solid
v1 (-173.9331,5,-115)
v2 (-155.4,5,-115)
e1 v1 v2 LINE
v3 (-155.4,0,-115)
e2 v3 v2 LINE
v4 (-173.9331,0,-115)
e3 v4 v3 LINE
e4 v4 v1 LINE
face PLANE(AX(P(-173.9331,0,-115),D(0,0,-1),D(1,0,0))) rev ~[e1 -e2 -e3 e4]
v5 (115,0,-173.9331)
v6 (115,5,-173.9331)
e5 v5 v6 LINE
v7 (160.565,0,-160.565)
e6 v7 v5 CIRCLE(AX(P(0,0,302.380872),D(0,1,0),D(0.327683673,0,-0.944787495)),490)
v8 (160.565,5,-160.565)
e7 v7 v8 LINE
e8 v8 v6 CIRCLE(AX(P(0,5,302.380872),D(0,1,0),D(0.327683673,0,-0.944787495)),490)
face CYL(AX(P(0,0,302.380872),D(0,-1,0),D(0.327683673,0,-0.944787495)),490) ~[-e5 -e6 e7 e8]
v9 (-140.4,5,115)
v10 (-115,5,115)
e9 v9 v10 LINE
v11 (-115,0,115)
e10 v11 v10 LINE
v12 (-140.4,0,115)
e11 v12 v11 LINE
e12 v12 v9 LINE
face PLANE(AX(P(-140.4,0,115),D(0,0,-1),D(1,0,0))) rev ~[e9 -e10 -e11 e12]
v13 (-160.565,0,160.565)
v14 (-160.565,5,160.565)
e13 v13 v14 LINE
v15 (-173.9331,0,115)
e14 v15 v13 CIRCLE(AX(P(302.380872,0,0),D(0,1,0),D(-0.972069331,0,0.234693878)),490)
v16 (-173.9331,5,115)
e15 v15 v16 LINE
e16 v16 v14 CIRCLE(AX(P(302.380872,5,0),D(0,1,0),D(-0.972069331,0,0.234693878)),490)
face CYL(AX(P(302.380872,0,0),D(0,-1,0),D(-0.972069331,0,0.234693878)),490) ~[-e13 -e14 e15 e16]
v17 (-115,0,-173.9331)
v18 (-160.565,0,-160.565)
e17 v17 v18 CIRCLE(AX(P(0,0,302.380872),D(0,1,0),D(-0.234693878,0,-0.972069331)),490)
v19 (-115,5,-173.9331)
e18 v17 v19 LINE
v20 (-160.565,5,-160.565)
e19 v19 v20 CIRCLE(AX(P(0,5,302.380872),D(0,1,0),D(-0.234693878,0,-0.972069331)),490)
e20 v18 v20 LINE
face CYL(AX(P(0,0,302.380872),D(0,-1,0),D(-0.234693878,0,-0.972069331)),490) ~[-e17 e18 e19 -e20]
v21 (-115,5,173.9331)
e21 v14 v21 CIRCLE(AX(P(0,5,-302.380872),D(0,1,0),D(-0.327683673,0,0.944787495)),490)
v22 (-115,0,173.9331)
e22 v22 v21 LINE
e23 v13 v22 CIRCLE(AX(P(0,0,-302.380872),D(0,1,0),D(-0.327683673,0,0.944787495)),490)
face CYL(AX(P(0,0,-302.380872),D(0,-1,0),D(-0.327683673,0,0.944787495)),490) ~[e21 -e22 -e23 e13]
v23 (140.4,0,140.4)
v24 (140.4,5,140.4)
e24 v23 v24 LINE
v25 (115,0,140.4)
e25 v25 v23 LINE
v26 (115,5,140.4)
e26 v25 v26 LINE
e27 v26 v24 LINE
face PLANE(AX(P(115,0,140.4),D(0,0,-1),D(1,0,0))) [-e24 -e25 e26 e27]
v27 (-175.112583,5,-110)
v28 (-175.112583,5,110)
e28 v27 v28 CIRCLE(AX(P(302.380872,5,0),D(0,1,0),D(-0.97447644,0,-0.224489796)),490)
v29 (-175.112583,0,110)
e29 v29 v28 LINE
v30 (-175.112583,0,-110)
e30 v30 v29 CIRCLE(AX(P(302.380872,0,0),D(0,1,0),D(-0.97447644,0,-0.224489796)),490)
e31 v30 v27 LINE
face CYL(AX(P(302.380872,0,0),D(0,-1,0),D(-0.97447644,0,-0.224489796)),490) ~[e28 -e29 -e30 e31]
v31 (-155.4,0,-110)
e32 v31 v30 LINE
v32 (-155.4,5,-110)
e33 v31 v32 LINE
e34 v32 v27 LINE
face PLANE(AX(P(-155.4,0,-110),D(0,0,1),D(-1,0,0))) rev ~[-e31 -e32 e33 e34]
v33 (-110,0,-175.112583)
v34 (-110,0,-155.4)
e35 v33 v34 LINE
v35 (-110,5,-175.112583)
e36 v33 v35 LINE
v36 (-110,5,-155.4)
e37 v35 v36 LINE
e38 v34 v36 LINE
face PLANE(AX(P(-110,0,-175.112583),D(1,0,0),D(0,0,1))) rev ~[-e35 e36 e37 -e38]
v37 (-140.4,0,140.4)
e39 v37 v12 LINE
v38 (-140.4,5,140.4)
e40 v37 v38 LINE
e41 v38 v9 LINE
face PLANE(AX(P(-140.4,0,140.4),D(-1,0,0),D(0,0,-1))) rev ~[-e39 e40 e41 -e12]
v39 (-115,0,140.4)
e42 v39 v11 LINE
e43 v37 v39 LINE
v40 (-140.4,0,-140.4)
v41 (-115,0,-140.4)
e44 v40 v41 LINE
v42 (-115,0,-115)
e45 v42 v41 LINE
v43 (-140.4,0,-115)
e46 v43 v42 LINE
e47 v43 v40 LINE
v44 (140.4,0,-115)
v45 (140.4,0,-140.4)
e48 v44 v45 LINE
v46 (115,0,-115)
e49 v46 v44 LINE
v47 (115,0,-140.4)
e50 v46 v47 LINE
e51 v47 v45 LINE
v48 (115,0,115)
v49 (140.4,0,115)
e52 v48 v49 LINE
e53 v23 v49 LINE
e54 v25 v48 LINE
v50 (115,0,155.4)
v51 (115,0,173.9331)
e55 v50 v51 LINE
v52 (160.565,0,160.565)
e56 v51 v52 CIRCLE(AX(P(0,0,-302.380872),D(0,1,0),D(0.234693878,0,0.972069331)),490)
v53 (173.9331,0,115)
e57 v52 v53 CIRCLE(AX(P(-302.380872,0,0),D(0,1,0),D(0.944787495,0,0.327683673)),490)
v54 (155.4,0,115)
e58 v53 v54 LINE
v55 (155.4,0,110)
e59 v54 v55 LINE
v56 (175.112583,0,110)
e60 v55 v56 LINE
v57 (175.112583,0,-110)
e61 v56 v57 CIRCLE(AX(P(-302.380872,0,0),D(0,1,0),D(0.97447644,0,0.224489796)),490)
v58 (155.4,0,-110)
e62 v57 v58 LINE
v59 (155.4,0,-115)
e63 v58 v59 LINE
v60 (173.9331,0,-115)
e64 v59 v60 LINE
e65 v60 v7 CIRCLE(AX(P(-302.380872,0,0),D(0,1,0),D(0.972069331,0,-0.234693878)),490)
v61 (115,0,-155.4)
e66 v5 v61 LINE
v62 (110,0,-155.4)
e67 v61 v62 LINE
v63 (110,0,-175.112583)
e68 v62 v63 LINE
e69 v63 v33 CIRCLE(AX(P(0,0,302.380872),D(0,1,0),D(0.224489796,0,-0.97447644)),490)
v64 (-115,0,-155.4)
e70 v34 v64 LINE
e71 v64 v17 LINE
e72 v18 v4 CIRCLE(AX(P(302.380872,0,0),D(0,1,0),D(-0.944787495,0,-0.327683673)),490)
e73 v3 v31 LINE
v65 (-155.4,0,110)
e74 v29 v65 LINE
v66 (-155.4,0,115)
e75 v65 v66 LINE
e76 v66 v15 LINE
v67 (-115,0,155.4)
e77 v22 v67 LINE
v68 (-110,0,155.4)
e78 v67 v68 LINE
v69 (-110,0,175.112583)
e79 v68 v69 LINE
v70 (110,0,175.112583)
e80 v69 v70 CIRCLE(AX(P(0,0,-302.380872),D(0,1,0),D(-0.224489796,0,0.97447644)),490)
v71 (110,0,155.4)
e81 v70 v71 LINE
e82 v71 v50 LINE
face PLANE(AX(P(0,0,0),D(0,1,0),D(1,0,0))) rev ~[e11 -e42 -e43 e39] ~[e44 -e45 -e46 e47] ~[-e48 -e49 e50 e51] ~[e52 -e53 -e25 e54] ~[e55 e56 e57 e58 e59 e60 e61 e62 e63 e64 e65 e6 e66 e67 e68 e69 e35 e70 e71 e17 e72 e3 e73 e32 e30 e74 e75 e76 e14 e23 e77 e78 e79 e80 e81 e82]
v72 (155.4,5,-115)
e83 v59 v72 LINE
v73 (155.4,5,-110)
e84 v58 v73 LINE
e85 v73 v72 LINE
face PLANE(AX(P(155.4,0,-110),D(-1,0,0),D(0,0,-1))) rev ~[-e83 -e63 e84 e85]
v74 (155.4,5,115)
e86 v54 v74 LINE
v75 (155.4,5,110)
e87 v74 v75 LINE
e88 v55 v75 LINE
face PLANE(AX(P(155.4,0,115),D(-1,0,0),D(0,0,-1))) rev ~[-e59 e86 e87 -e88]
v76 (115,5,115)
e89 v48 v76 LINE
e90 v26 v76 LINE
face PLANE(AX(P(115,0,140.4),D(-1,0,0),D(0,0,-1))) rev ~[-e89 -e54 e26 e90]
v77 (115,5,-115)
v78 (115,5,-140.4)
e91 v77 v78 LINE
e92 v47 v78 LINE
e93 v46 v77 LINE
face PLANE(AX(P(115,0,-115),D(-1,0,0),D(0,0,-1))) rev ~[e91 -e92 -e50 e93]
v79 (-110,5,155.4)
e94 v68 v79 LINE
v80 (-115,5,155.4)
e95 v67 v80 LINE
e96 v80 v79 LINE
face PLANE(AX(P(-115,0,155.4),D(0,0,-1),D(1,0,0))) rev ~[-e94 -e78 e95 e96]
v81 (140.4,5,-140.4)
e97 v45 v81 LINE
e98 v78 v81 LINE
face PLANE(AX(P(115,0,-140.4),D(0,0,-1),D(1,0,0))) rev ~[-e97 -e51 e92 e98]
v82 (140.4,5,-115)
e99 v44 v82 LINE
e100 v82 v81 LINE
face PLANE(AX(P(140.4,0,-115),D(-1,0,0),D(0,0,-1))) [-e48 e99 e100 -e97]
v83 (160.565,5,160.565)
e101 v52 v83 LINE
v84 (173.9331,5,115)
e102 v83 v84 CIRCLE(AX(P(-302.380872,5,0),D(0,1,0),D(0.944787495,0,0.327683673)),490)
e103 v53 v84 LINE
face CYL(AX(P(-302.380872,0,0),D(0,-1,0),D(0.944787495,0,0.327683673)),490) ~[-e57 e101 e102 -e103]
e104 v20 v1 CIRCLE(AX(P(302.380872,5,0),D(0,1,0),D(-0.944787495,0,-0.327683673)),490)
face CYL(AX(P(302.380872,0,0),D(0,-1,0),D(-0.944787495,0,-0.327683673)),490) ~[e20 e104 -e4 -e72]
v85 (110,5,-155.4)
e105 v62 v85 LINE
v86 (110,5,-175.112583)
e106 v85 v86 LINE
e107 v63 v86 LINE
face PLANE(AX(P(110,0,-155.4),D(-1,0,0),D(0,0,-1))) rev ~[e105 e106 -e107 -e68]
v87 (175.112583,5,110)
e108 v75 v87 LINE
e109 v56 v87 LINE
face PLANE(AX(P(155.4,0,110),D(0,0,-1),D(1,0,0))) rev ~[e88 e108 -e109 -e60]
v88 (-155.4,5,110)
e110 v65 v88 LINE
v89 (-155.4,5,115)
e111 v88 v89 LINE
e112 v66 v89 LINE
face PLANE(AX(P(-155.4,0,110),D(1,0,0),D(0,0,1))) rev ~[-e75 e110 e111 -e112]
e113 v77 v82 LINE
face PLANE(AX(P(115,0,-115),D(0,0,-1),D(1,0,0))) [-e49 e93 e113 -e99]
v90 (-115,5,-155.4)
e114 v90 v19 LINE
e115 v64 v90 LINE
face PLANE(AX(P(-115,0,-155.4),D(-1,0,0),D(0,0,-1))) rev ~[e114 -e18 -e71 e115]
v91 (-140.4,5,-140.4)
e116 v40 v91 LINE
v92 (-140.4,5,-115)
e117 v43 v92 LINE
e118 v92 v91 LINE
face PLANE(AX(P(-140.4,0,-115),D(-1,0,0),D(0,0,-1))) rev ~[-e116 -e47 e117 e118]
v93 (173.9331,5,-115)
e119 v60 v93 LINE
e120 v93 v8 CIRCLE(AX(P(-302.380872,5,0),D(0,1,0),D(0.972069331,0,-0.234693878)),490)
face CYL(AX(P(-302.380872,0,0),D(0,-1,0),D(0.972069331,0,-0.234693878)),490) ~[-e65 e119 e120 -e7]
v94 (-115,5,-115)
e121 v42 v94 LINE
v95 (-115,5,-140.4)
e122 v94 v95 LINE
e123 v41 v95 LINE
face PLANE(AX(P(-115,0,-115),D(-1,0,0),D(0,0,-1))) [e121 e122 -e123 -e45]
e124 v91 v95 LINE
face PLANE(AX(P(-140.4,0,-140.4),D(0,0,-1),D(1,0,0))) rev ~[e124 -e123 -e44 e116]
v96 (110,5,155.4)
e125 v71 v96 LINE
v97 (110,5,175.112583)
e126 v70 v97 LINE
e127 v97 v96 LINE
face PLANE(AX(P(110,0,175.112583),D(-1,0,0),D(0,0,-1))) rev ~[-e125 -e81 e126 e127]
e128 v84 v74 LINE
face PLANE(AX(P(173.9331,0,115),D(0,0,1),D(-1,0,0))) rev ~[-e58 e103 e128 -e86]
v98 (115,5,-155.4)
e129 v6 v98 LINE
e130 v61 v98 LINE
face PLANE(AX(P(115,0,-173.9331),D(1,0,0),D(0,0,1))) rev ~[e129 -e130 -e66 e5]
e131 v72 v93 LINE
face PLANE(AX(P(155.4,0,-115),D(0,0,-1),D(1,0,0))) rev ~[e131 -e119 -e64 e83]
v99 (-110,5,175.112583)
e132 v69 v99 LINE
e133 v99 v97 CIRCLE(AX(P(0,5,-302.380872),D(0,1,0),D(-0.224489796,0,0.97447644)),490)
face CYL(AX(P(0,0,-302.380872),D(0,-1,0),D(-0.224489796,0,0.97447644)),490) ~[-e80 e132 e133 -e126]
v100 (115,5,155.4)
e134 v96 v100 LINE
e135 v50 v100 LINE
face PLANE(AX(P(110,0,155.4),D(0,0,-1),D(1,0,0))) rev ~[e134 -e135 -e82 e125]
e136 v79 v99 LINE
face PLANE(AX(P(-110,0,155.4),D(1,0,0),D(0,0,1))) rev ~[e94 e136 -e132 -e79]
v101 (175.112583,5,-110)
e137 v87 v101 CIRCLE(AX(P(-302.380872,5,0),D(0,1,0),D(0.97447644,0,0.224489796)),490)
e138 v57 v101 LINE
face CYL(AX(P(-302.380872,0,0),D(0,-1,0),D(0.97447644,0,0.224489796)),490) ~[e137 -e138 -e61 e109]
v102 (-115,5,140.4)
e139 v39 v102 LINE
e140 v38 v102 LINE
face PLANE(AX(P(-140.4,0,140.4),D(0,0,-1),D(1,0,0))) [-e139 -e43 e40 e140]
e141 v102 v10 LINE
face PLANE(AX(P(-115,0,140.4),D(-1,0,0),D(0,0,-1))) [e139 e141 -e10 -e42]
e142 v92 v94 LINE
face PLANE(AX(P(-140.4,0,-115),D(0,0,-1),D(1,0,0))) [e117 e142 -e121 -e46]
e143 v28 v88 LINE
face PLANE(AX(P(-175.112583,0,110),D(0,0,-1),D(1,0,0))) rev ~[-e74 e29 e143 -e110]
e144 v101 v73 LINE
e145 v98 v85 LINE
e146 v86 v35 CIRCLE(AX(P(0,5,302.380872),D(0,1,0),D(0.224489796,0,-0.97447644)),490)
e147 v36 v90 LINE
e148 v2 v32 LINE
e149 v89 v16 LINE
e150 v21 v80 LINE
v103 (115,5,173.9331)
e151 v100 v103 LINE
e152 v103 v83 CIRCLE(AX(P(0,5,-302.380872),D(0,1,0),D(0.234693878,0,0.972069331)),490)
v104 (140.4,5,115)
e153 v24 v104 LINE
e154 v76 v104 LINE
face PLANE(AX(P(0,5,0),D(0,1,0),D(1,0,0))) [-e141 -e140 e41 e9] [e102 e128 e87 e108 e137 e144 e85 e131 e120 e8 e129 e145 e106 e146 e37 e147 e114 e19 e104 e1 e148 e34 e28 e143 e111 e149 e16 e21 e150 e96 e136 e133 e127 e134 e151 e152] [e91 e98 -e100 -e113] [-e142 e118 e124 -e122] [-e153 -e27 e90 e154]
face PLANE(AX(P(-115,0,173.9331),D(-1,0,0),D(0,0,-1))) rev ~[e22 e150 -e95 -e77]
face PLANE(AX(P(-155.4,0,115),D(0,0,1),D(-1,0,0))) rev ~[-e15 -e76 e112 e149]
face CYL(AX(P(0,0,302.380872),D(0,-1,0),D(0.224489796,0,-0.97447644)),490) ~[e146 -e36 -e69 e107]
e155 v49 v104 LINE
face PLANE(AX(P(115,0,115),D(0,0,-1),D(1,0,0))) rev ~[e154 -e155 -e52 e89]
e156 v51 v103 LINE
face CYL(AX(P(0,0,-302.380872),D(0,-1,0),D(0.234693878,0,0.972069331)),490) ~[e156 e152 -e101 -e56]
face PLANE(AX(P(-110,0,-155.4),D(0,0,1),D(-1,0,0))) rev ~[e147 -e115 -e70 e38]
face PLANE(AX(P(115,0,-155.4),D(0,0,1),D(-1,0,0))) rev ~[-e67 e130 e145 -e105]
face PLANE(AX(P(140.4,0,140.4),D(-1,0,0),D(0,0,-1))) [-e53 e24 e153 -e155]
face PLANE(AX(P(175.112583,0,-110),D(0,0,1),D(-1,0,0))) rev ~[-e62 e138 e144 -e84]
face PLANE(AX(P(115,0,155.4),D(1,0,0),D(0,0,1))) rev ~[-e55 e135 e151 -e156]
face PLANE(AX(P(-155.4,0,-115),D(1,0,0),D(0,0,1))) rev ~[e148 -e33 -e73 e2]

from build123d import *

# Parameters (mm, degrees)
SKETCH1_W           = 25.4
SKETCH1_H           = 25.4
BOSS_EXTRUDE1_DEPTH = 5


with BuildPart() as part:
    # Sketch1 → Boss-Extrude1 (new body)
    with BuildSketch(Plane(origin=(0, 0, 0), x_dir=(1, 0, 0), z_dir=(0, 1, 0))):
        with BuildLine():
            Line((110, 155.4), (110, 175.11258305))
            ThreePointArc((110, 175.11258305), (0, 187.619127597), (-110, 175.11258305))
            Line((-110, 175.11258305), (-110, 155.4))
            Line((-110, 155.4), (-115, 155.4))
            Line((-115, 155.4), (-115, 173.933099678))
            ThreePointArc((-115, 173.933099678), (-137.944531709, 167.801332887), (-160.565, 160.565))
            ThreePointArc((-160.565, 160.565), (-167.801332887, 137.944531709), (-173.933099678, 115))
            Line((-173.933099678, 115), (-155.4, 115))
            Line((-155.4, 115), (-155.4, 110))
            Line((-155.4, 110), (-175.11258305, 110))
            ThreePointArc((-175.11258305, 110), (-187.619127597, 0), (-175.11258305, -110))
            Line((-175.11258305, -110), (-155.4, -110))
            Line((-155.4, -110), (-155.4, -115))
            Line((-155.4, -115), (-173.933099678, -115))
            ThreePointArc((-173.933099678, -115), (-167.801332887, -137.944531709), (-160.565, -160.565))
            ThreePointArc((-160.565, -160.565), (-137.944531709, -167.801332887), (-115, -173.933099678))
            Line((-115, -173.933099678), (-115, -155.4))
            Line((-115, -155.4), (-110, -155.4))
            Line((-110, -155.4), (-110, -175.11258305))
            ThreePointArc((-110, -175.11258305), (0, -187.619127597), (110, -175.11258305))
            Line((110, -175.11258305), (110, -155.4))
            Line((110, -155.4), (115, -155.4))
            Line((115, -155.4), (115, -173.933099678))
            ThreePointArc((115, -173.933099678), (137.944531709, -167.801332887), (160.565, -160.565))
            ThreePointArc((160.565, -160.565), (167.801332887, -137.944531709), (173.933099678, -115))
            Line((173.933099678, -115), (155.4, -115))
            Line((155.4, -115), (155.4, -110))
            Line((155.4, -110), (175.11258305, -110))
            ThreePointArc((175.11258305, -110), (187.619127597, 0), (175.11258305, 110))
            Line((175.11258305, 110), (155.4, 110))
            Line((155.4, 110), (155.4, 115))
            Line((155.4, 115), (173.933099678, 115))
            ThreePointArc((173.933099678, 115), (167.801332887, 137.944531709), (160.565, 160.565))
            ThreePointArc((160.565, 160.565), (137.944531709, 167.801332887), (115, 173.933099678))
            Line((115, 173.933099678), (115, 155.4))
            Line((115, 155.4), (110, 155.4))
        make_face()
        with Locations((-127.7, 127.7)):
            Rectangle(SKETCH1_W, SKETCH1_H, mode=Mode.SUBTRACT)
        with Locations((127.7, 127.7)):
            Rectangle(SKETCH1_W, SKETCH1_H, mode=Mode.SUBTRACT)
        with Locations((127.7, -127.7)):
            Rectangle(SKETCH1_W, SKETCH1_H, mode=Mode.SUBTRACT)
        with Locations((-127.7, -127.7)):
            Rectangle(SKETCH1_W, SKETCH1_H, mode=Mode.SUBTRACT)
    extrude(amount=BOSS_EXTRUDE1_DEPTH)


solid = part.part
